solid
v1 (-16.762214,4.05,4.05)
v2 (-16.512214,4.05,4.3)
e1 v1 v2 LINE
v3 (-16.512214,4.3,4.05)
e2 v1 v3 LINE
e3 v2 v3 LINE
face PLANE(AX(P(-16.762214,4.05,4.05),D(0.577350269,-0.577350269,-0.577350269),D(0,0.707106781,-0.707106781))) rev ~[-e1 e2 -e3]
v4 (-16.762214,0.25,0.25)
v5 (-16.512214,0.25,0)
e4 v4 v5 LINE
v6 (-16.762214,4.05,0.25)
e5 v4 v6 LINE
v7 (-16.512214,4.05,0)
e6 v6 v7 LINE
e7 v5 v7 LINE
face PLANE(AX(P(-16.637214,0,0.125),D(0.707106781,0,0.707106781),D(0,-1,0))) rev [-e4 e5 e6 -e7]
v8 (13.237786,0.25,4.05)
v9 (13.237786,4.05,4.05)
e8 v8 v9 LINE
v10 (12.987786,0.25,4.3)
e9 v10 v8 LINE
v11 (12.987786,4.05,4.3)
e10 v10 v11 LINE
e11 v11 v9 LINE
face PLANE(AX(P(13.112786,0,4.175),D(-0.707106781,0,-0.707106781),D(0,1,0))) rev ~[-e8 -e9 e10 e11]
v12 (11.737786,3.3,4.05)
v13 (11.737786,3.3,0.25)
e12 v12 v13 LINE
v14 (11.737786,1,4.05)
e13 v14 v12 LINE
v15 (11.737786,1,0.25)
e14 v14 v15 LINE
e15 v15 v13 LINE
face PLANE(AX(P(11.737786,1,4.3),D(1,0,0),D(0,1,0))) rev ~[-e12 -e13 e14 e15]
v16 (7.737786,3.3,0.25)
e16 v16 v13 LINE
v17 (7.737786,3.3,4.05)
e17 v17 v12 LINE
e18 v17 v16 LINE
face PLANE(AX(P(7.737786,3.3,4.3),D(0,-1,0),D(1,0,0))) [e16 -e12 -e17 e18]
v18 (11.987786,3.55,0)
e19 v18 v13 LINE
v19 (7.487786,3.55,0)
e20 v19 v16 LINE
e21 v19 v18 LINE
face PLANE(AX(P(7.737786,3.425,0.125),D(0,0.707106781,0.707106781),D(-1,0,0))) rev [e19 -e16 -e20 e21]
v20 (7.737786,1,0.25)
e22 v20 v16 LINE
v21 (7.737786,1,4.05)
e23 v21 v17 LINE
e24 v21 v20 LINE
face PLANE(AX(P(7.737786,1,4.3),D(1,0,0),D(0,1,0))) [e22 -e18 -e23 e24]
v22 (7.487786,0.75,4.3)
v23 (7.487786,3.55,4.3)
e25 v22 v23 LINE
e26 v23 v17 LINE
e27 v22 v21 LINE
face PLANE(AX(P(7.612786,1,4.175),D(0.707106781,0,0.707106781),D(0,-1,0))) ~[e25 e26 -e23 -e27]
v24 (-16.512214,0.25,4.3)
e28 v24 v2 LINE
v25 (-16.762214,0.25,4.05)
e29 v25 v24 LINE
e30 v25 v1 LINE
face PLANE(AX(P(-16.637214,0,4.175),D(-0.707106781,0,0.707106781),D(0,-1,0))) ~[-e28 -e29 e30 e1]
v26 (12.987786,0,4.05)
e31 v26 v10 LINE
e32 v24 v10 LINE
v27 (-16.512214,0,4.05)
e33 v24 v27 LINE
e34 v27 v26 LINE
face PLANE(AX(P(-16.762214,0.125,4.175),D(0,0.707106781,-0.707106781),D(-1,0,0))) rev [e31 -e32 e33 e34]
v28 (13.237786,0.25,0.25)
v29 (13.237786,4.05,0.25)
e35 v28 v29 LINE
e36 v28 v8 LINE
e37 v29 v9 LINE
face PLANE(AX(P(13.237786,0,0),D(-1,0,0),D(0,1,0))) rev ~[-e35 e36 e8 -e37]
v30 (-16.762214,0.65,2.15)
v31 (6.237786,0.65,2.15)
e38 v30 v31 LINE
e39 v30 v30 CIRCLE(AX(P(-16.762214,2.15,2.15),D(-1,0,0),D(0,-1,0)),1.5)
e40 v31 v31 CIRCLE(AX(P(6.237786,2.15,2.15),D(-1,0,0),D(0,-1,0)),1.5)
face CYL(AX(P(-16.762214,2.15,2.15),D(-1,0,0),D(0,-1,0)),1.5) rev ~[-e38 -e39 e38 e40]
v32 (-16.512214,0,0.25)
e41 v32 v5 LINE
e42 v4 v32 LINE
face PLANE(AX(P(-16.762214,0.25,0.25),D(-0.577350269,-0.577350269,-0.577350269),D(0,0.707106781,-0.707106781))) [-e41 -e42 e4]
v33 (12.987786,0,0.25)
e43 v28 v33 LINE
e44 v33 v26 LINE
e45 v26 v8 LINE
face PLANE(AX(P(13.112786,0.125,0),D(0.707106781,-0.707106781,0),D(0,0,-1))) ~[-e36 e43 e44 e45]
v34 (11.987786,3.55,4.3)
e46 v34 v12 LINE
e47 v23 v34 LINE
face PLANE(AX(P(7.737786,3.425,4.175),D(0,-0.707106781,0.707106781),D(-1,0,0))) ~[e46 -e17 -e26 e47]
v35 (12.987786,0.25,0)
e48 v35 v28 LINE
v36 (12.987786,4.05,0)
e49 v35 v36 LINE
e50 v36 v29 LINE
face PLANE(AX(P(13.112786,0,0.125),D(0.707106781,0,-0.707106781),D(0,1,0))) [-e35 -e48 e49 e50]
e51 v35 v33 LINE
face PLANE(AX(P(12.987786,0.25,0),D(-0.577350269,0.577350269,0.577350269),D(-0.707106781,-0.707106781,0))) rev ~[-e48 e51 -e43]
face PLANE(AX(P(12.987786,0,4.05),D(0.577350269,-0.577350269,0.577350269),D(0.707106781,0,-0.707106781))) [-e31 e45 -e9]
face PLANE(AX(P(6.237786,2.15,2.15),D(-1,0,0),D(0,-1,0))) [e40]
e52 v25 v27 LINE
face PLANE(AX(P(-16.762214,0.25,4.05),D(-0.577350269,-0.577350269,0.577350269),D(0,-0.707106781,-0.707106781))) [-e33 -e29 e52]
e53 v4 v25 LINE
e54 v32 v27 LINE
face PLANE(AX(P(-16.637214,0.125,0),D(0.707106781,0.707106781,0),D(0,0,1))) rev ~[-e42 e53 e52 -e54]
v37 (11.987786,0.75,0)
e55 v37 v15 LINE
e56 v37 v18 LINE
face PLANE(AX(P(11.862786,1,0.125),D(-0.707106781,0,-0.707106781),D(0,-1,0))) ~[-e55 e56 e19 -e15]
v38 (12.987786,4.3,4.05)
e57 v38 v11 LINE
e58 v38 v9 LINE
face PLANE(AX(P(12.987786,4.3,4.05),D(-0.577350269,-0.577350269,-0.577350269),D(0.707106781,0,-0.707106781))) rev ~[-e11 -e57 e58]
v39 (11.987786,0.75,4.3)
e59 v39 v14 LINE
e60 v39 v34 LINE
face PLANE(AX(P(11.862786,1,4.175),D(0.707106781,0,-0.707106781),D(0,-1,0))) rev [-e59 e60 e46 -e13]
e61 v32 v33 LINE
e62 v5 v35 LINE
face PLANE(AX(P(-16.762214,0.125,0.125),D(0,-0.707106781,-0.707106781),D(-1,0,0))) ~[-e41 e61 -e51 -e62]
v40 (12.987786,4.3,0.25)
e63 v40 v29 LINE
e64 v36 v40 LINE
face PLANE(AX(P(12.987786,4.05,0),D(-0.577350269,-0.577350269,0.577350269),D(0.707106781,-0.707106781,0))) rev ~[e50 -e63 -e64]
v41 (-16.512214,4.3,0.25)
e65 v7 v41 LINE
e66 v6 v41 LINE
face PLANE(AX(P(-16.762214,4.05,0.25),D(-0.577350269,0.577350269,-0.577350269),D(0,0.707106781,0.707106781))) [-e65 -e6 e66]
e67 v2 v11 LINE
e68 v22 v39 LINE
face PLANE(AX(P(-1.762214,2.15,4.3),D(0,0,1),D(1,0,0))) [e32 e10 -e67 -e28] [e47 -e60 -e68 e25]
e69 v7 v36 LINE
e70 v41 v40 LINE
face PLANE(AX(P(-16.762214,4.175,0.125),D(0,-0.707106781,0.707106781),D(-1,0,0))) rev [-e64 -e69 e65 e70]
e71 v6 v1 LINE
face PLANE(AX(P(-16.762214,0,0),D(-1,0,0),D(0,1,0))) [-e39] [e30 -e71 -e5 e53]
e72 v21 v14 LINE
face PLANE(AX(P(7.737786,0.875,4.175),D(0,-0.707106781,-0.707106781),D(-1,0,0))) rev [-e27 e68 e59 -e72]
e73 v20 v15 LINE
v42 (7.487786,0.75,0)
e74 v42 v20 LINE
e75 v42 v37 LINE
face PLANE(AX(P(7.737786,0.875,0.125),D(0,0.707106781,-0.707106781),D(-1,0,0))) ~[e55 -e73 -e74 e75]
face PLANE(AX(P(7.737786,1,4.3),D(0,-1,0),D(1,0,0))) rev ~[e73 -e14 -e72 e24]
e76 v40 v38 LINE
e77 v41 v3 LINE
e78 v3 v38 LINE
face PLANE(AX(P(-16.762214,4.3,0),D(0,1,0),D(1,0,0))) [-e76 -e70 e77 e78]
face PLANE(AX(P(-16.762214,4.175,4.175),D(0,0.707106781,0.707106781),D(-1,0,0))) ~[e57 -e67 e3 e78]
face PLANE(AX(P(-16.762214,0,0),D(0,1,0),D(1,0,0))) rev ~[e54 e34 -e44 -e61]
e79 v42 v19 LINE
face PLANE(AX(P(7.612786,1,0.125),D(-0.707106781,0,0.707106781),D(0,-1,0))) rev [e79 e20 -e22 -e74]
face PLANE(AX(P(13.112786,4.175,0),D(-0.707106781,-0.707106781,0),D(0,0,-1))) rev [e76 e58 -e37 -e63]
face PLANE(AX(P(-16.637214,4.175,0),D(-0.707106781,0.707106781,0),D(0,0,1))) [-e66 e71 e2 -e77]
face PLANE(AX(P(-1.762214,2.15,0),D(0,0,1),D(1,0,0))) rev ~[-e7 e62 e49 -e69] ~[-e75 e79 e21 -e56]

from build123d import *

# Parameters (mm, degrees)
F0_W     = 30
F0_H     = 4.3
F1_DEPTH = 4.3
F2_W     = 4
F2_H     = 2.3
F6_DEPTH = 4.301
F3_SIZE  = 0.25
F4_R     = 1.5
F5_DEPTH = 23


with BuildPart() as f1:
    # F0 (on Top) → F1 (new body)
    with BuildSketch(Plane.XY):
        with Locations((-1.762214, 2.15)):
            Rectangle(F0_W, F0_H)
    extrude(amount=F1_DEPTH)

    # F2 (on face) → F6 (cut, through all)
    with BuildSketch(Plane.XY.offset(4.3)):
        with Locations((9.737786, 2.15)):
            Rectangle(F2_W, F2_H)
    extrude(amount=-F6_DEPTH, mode=Mode.SUBTRACT)

    # F3
    f3_edges = [f1.edges().sort_by_distance(p)[0] for p in [
        (13.237786, 2.15, 4.3),
        (-1.762214, 0, 4.3),
        (-1.762214, 4.3, 4.3),
        (13.237786, 0, 2.15),
        (13.237786, 4.3, 2.15),
        (-1.762214, 4.3, 0),
        (13.237786, 2.15, 0),
        (-1.762214, 0, 0),
        (9.737786, 3.3, 0),
        (7.737786, 2.15, 0),
        (9.737786, 1, 0),
        (11.737786, 2.15, 0),
        (7.737786, 2.15, 4.3),
        (11.737786, 2.15, 4.3),
        (9.737786, 3.3, 4.3),
        (9.737786, 1, 4.3),
        (-16.762214, 2.15, 4.3),
        (-16.762214, 0, 2.15),
        (-16.762214, 2.15, 0),
        (-16.762214, 4.3, 2.15),
    ]]
    chamfer(f3_edges, length=F3_SIZE)

    # F4 (on face) → F5 (cut)
    with BuildSketch(Plane(origin=(-16.762214, 0, 0), x_dir=(0, -1, 0), z_dir=(-1, 0, 0))):
        with Locations((-2.15, 2.15)):
            Circle(F4_R)
    extrude(amount=-F5_DEPTH, mode=Mode.SUBTRACT)


solid = f1.part
